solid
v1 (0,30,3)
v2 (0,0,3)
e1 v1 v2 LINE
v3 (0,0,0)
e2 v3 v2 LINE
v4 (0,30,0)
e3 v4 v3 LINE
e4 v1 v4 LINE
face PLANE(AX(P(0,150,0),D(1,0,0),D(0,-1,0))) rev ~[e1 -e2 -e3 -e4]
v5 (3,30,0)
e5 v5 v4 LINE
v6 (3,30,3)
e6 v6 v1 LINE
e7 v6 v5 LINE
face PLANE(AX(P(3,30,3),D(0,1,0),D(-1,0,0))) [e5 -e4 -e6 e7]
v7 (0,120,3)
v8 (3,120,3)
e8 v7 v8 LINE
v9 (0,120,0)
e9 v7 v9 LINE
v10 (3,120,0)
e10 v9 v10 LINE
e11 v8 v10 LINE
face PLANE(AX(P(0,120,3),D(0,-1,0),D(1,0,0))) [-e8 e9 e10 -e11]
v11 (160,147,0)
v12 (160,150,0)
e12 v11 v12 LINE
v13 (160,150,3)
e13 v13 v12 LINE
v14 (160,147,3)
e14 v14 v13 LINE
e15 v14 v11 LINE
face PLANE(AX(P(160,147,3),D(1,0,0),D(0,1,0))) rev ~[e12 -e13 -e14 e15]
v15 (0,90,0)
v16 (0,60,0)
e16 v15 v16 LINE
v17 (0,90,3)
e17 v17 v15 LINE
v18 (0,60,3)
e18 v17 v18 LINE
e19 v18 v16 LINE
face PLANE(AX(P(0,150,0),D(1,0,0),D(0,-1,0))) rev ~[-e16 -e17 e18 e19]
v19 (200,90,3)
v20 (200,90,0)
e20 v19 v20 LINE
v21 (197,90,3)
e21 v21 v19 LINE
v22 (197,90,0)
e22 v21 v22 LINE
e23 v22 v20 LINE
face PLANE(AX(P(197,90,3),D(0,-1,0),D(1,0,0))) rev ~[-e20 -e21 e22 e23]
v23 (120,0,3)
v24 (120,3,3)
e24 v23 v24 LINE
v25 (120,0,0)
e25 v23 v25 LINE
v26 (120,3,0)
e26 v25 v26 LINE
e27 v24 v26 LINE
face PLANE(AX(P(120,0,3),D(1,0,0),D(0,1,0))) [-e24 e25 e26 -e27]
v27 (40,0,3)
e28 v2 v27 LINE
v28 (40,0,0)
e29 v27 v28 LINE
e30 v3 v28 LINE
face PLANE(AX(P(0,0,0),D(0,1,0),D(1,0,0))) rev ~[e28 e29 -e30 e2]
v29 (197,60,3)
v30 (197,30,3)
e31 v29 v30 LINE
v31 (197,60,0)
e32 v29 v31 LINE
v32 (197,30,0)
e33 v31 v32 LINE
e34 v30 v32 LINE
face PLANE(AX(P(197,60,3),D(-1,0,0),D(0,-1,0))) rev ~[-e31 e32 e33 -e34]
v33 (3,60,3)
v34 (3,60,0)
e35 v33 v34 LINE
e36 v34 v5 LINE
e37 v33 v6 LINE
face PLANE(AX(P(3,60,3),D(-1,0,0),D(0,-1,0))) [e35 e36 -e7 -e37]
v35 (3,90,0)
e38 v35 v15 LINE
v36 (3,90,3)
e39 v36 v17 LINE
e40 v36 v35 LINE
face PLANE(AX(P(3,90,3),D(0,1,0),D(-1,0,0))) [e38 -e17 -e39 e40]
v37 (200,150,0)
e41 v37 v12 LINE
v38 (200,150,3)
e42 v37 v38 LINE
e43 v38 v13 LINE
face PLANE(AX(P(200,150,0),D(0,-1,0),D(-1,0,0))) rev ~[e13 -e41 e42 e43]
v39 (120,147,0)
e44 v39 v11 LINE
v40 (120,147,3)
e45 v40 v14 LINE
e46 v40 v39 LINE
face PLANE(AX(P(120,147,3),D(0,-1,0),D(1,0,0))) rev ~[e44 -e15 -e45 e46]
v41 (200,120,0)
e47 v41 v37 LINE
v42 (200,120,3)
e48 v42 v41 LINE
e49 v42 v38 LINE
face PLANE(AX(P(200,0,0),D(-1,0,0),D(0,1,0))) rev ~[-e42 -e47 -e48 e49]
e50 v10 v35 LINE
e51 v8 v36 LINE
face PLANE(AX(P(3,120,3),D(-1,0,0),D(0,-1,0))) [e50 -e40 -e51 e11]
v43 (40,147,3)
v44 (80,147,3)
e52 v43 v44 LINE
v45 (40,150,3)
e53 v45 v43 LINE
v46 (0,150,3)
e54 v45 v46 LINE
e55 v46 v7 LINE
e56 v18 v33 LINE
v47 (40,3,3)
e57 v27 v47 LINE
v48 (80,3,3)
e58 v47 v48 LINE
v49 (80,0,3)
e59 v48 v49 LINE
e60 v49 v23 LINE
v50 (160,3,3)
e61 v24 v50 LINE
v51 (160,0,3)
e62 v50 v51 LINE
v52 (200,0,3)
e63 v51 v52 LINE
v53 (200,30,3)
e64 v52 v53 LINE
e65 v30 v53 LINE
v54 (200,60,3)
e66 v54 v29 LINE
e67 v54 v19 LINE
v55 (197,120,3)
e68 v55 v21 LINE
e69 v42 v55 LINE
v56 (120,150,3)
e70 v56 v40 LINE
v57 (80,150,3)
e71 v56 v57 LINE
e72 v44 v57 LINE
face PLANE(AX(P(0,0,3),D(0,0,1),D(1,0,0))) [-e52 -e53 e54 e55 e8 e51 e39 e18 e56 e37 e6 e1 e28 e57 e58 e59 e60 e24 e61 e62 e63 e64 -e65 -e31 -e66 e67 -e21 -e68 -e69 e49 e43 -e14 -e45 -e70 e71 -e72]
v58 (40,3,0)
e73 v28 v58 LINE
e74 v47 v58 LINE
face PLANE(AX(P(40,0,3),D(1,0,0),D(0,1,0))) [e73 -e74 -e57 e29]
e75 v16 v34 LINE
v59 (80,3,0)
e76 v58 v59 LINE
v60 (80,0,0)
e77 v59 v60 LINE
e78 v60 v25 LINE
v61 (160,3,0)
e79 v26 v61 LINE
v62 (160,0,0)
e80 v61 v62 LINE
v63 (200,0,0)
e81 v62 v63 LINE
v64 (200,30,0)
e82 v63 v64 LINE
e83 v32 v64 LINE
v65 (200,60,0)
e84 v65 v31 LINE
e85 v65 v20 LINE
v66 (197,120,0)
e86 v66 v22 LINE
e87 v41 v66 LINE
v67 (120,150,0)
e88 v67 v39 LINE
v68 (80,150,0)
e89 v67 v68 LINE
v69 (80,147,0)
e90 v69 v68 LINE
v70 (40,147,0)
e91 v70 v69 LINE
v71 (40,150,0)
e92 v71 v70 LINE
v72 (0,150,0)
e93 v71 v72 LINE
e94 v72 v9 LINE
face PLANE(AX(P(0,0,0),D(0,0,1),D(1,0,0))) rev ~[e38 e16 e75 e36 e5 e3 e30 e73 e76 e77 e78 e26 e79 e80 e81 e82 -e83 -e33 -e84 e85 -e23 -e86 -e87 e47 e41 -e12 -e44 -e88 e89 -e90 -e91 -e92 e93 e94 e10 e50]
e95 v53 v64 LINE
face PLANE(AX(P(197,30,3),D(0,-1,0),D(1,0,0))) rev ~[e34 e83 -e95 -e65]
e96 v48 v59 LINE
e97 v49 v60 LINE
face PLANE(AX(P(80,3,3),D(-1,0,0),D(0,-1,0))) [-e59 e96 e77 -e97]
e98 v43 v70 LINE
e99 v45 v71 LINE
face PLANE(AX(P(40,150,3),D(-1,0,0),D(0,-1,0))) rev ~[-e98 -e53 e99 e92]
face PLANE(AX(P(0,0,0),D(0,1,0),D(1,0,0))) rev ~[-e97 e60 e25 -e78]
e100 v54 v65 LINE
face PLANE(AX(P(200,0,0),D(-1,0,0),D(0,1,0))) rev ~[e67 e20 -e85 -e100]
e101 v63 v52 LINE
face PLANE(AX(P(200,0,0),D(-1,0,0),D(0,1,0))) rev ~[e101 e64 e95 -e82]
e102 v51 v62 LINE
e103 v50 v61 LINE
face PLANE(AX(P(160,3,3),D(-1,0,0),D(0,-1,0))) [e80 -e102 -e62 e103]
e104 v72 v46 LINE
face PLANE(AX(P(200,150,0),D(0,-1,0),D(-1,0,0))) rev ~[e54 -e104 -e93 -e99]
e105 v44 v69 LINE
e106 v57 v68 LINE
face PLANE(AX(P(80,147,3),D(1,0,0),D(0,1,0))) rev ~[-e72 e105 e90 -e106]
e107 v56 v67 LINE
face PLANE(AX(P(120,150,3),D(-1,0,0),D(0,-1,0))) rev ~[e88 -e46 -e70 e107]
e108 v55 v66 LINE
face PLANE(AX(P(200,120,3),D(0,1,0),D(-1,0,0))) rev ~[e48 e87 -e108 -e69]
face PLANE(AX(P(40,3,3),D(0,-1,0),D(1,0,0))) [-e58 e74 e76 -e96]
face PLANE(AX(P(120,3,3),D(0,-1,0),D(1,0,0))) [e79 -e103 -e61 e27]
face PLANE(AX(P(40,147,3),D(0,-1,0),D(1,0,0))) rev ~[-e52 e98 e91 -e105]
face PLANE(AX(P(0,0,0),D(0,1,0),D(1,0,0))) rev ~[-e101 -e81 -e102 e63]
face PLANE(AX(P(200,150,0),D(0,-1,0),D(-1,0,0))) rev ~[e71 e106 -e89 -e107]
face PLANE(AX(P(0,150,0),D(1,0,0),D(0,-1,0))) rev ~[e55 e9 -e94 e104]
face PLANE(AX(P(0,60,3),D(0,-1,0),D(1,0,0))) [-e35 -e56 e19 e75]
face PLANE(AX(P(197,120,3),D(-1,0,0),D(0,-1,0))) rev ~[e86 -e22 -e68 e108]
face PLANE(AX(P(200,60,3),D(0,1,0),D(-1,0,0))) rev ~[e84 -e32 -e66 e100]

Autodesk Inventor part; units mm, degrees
ref_plane "YZ Plane" through (0, 0, 0) normal (1, 0, 0) x (0, 1, 0)
ref_plane "XZ Plane" through (0, 0, 0) normal (0, 1, 0) x (-1, 0, 0)
ref_plane "XY Plane" through (0, 0, 0) normal (0, 0, 1) x (1, 0, 0)
sketch "Sketch1" plane through (0, 0, 0) normal (0, 0, 1) x (1, 0, 0)
  line L0 (0, 0) -> (200, 0)
  line L1 (200, 0) -> (200, 150)
  line L2 (200, 150) -> (0, 150)
  line L3 (0, 150) -> (0, 0)
  dimension "d0" = 200
  dimension "d1" = 150
extrude "Extrusion1" add sketch "Sketch1" along normal blind 3
sketch "Sketch2" plane through (0, 0, 3) normal (0, 0, 1) x (1, 0, 0)
  line L0 (0, 0) -> (40, 0)
  line L1 (0, 0) -> (200, 0) projected
  line L2 (40, 0) -> (40, 3)
  line L3 (40, 3) -> (80, 3)
  line L4 (80, 3) -> (80, 0)
  line L5 (80, 0) -> (120, 0)
  line L6 (0, 150) -> (0, 0) projected
  line L7 (0, 75) -> (200, 75)
  line L8 (200, 0) -> (200, 150) projected
  line L9 (120, 0) -> (120, 3)
  line L10 (120, 3) -> (160, 3)
  line L11 (160, 3) -> (160, 0)
  line L12 (40, 0) -> (80, 0)
  line L13 (120, 0) -> (160, 0)
  line L14 (200, 150) -> (0, 150) projected
  line L15 (0, 150) -> (0, 120)
  line L16 (0, 120) -> (3, 120)
  line L17 (3, 120) -> (3, 90)
  line L18 (3, 90) -> (0, 90)
  line L19 (0, 90) -> (0, 60)
  line L20 (0, 60) -> (3, 60)
  line L21 (3, 60) -> (3, 30)
  line L22 (3, 30) -> (0, 30)
  line L23 (0, 30) -> (0, 0)
  line L24 (100, 150) -> (100, 0)
  line L25 (0, 60) -> (0, 30)
  line L26 (0, 120) -> (0, 90)
  line L27 (200, 120) -> (197, 120)
  line L28 (197, 120) -> (197, 90)
  line L29 (197, 90) -> (200, 90)
  line L30 (200, 90) -> (200, 60)
  line L31 (200, 60) -> (197, 60)
  line L32 (197, 60) -> (197, 30)
  line L33 (197, 30) -> (200, 30)
  line L34 (200, 60) -> (200, 30)
  line L35 (200, 120) -> (200, 90)
  line L36 (40, 150) -> (40, 147)
  line L37 (40, 147) -> (80, 147)
  line L38 (80, 147) -> (80, 150)
  line L39 (80, 150) -> (120, 150)
  line L40 (120, 150) -> (120, 147)
  line L41 (120, 147) -> (160, 147)
  line L42 (160, 147) -> (160, 150)
  line L43 (40, 150) -> (80, 150)
  line L44 (120, 150) -> (160, 150)
  dimension "d4" = 40
  dimension "d6" = 3
  dimension "d7" = 40
  dimension "d8" = 40
  dimension "d19" = 40
  dimension "d20" = 30
  dimension "d21" = 3
  dimension "d22" = 30
  dimension "d23" = 30
  dimension "d24" = 30
extrude "Extrusion2" cut sketch "Sketch2" against normal blind 3 contours L2 L3 L4 L1 | L6 L20 L21 L22 | L9 L10 L11 L1 | L6 L16 L17 L18 | L8 L33 L32 L31 | L29 L28 L27 L8 | L14 L42 L41 L40 | L38 L37 L36 L14
properties part number "TAPA"
